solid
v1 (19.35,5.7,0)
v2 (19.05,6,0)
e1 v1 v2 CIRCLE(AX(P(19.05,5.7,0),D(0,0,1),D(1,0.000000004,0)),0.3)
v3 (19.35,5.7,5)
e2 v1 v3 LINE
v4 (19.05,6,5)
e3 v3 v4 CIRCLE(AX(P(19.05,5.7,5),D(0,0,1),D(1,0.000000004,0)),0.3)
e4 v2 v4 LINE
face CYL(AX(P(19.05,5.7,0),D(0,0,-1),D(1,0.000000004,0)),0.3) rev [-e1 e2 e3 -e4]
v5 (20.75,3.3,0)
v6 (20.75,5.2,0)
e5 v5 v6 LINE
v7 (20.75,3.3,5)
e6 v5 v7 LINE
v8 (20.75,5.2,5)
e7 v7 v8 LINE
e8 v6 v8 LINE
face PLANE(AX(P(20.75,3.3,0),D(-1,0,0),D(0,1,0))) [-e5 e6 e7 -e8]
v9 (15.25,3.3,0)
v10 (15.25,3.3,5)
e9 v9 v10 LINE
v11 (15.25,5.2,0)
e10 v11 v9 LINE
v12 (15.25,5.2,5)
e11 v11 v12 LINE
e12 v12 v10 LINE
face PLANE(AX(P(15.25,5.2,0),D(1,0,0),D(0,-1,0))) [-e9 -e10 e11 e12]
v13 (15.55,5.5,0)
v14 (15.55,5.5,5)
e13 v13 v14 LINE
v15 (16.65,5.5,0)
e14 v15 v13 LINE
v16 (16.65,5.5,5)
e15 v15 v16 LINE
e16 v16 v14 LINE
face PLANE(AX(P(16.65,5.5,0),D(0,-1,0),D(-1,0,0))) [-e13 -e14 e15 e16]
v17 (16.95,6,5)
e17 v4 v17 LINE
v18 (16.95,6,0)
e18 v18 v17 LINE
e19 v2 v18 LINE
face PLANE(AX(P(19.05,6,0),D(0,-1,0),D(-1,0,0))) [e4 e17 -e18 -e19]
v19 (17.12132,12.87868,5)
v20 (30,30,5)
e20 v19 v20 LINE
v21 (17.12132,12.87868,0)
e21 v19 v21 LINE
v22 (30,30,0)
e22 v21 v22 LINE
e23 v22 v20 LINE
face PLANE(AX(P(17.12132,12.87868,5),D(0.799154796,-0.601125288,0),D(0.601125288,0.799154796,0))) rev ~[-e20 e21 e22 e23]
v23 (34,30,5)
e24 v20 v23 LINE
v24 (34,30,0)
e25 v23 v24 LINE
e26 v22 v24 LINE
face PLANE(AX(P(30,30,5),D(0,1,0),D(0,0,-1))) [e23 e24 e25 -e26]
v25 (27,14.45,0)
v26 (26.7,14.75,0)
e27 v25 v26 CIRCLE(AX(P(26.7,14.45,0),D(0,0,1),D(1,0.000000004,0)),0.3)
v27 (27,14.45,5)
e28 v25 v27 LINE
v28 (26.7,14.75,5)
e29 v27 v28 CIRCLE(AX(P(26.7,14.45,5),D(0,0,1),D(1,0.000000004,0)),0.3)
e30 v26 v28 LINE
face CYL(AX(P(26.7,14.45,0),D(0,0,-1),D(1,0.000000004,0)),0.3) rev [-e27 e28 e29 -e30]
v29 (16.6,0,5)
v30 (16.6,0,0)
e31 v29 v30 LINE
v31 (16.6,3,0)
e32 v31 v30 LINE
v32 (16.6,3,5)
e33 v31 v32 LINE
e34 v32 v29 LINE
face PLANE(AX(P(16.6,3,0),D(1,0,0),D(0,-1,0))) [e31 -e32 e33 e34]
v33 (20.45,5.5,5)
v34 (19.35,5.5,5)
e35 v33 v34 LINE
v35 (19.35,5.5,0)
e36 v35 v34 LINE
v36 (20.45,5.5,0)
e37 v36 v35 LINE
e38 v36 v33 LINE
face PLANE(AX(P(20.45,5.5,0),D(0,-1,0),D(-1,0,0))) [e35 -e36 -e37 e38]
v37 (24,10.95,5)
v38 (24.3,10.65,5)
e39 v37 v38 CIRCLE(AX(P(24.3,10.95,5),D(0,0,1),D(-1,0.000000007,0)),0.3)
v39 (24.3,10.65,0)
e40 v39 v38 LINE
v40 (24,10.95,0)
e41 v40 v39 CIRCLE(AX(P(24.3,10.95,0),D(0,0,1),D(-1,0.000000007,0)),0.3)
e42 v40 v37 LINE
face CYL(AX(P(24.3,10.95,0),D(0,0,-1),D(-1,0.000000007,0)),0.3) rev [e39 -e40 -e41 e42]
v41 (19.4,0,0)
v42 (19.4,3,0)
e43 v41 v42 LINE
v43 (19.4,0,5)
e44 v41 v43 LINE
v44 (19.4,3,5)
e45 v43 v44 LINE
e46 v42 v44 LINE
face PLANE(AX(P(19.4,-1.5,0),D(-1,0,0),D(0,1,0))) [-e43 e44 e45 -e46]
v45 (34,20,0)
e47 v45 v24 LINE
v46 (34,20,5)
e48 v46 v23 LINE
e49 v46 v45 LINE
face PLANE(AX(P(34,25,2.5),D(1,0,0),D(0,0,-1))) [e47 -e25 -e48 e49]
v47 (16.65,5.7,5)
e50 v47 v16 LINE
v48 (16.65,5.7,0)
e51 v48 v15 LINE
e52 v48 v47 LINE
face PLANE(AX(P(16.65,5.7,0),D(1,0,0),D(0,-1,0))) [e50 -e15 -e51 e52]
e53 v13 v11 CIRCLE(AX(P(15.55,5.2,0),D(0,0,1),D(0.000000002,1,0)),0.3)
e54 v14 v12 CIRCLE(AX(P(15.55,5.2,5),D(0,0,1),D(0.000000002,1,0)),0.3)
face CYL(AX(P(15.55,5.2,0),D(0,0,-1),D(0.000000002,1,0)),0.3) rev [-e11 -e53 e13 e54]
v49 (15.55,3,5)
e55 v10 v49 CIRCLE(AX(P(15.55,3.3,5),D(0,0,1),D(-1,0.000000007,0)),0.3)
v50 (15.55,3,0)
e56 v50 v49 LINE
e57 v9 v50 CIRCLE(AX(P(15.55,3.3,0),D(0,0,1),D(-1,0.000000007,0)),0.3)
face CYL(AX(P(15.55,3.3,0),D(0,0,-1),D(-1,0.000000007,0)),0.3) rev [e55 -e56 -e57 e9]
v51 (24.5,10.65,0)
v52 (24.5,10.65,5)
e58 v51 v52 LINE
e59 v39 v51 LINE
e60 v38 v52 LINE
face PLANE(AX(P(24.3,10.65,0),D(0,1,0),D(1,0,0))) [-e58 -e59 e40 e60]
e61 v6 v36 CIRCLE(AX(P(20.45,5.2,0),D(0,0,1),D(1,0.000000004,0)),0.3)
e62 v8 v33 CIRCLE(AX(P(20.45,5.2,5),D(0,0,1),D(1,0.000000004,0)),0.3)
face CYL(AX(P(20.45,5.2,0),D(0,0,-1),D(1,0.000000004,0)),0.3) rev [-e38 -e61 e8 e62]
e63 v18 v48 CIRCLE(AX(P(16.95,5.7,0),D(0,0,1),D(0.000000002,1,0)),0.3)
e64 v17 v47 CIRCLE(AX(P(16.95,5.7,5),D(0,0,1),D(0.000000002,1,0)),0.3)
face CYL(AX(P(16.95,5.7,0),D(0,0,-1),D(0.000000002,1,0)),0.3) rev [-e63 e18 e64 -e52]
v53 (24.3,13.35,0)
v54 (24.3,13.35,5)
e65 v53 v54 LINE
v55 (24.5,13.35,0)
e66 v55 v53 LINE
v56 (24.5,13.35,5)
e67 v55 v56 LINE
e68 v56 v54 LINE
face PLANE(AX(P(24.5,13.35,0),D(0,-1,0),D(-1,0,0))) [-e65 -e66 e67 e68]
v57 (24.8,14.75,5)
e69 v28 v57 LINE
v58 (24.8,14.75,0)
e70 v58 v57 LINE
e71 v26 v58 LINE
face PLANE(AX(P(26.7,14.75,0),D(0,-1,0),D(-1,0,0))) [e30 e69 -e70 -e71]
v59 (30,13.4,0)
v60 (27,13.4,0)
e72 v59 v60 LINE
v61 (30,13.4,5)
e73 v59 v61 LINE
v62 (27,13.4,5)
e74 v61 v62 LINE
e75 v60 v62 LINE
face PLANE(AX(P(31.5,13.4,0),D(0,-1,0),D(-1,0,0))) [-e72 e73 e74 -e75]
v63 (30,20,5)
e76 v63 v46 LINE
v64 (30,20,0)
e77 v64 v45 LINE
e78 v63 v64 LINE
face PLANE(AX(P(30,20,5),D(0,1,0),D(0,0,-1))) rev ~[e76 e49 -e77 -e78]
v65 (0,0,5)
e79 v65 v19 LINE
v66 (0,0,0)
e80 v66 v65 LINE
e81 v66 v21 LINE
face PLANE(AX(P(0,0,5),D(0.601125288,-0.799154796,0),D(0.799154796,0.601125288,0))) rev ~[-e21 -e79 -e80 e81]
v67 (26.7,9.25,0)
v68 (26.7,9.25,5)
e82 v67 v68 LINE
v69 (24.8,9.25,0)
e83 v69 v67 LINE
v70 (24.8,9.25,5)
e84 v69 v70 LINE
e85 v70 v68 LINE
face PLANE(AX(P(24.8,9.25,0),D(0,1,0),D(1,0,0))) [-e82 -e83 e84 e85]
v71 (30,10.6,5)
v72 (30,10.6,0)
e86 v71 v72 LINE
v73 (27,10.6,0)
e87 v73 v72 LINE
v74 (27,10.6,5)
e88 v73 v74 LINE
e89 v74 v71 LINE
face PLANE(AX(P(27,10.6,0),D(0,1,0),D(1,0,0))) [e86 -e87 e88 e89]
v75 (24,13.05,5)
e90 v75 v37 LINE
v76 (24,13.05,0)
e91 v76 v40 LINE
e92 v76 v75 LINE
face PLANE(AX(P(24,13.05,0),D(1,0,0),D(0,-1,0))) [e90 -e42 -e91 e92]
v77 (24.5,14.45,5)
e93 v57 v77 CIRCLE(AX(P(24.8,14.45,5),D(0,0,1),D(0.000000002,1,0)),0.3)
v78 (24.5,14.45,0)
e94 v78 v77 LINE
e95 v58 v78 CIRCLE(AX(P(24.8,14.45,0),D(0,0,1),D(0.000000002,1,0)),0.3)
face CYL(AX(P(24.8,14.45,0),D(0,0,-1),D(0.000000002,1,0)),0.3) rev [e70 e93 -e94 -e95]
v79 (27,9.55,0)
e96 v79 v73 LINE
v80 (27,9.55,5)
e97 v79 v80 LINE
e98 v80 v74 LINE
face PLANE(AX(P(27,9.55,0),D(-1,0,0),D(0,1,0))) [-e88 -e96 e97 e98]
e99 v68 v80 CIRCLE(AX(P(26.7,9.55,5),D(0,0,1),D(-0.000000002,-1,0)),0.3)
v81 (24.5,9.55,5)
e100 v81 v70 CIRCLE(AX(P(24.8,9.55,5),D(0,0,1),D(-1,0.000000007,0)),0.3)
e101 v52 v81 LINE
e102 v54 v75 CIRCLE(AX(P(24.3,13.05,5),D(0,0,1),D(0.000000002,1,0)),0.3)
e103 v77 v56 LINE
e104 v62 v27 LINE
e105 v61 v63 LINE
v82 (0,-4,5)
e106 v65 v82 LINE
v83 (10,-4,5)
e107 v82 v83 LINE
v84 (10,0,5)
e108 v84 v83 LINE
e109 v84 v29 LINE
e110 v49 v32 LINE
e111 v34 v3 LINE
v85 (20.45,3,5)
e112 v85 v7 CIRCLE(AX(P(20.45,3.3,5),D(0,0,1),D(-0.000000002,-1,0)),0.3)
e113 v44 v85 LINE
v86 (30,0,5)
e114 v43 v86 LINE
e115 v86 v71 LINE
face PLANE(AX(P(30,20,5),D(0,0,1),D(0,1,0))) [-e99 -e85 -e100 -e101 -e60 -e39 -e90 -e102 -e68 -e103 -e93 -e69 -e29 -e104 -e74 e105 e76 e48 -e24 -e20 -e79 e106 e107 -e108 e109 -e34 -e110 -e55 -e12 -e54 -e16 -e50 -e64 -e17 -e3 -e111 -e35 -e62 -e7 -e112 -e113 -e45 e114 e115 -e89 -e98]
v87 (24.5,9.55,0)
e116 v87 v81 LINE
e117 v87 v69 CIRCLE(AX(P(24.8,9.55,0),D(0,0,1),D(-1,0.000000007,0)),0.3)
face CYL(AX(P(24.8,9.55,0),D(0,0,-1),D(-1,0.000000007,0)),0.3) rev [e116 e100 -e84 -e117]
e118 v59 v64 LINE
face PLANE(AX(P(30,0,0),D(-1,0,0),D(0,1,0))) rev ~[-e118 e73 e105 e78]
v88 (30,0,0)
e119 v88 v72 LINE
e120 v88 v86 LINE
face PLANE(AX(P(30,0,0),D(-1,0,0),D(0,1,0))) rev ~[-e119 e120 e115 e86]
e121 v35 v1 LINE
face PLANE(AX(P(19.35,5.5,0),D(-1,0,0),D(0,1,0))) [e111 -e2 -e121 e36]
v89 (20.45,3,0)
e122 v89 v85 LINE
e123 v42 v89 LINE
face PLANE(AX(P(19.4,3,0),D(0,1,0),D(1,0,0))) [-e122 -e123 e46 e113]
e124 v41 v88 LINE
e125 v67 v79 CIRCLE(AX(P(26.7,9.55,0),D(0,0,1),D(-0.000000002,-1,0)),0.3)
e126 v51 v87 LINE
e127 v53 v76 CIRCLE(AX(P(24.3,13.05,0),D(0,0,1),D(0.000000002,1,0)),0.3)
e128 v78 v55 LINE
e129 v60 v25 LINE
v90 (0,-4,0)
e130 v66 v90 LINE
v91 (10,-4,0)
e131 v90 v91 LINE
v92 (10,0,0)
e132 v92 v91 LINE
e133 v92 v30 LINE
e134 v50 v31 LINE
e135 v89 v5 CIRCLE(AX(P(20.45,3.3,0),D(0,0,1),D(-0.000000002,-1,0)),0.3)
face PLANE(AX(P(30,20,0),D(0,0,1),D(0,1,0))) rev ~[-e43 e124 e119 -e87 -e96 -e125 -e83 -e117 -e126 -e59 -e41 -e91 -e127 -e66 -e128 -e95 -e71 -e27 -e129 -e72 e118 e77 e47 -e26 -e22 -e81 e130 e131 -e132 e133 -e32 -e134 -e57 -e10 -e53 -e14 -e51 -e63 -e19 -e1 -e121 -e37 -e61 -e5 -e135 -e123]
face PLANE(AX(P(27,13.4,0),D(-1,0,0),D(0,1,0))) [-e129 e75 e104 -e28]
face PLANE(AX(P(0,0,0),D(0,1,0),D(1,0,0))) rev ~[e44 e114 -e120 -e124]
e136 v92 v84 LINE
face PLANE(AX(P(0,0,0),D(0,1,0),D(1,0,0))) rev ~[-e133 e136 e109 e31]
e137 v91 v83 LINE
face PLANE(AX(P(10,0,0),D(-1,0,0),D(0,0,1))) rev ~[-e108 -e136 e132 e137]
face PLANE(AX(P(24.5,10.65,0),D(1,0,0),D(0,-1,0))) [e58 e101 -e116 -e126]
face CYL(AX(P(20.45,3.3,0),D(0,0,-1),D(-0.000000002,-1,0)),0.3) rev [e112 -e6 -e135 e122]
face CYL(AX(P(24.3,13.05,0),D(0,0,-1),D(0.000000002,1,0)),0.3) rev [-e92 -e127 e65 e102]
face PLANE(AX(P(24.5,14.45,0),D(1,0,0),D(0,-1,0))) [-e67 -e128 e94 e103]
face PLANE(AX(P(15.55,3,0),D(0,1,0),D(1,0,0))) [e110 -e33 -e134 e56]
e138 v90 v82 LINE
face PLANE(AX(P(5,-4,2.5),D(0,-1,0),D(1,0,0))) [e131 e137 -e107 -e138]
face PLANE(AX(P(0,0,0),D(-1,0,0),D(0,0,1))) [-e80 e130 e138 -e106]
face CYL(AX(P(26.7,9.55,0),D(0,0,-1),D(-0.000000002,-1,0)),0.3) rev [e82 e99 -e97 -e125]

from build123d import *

# Parameters (mm, degrees)
EXTRUDE_1_DEPTH     = 5
CUT_EXTRUDE_1_DEPTH = 10
SKETCH_3_W          = 10
SKETCH_3_H          = 5
EXTRUDE_2_DEPTH     = 5
SKETCH_4_W          = 5
SKETCH_4_H          = 10
EXTRUDE_3_DEPTH     = 5
SKETCH_5_W          = 10
SKETCH_5_H          = 5
CUT_EXTRUDE_2_DEPTH = 1
SKETCH_6_W          = 5
SKETCH_6_H          = 10
CUT_EXTRUDE_3_DEPTH = 1
CUT_EXTRUDE_5_DEPTH = 5


with BuildPart() as part:
    # 草图1 → 凸台-拉伸1 (new body)
    with BuildSketch(Plane.XY):
        Polygon((0, 0), (30, 0), (30, 30), align=None)
    extrude(amount=EXTRUDE_1_DEPTH)

    # 草图2 → 切除-拉伸1 (cut)
    with BuildSketch(Plane.XY.offset(5)):
        Polygon((17.121320344, 12.878679656), (15, 15), (0, 0), align=None)
        Polygon((17.121320344, 12.878679656), (30, 30), (15, 15), align=None)
    extrude(amount=-CUT_EXTRUDE_1_DEPTH, mode=Mode.SUBTRACT)

    # 草图3 → 凸台-拉伸2 (add)
    with BuildSketch(Plane.XZ):
        with Locations((5, 2.5)):
            Rectangle(SKETCH_3_W, SKETCH_3_H)
    extrude(amount=EXTRUDE_2_DEPTH)

    # 草图4 → 凸台-拉伸3 (add)
    with BuildSketch(Plane(origin=(30, 0, 0), x_dir=(0, 0, -1), z_dir=(1, 0, 0))):
        with Locations((-2.5, 25)):
            Rectangle(SKETCH_4_W, SKETCH_4_H)
    extrude(amount=EXTRUDE_3_DEPTH)

    # 草图5 → 切除-拉伸2 (cut)
    with BuildSketch(Plane.XZ.offset(5)):
        with Locations((5, 2.5)):
            Rectangle(SKETCH_5_W, SKETCH_5_H)
    extrude(amount=-CUT_EXTRUDE_2_DEPTH, mode=Mode.SUBTRACT)

    # 草图6 → 切除-拉伸3 (cut)
    with BuildSketch(Plane(origin=(35, 0, 0), x_dir=(0, 0, -1), z_dir=(1, 0, 0))):
        with Locations((-2.5, 25)):
            Rectangle(SKETCH_6_W, SKETCH_6_H)
    extrude(amount=-CUT_EXTRUDE_3_DEPTH, mode=Mode.SUBTRACT)

    # 草图8 → 切除-拉伸5 (cut)
    with BuildSketch(Plane(origin=(-129.723125666, 239.943153128, 0), x_dir=(0, 1, 0), z_dir=(0, 0, -1))):
        with BuildLine():
            Line((-229.343153128, 156.723125666), (-229.343153128, 159.223125666))
            Line((-229.343153128, 159.223125666), (-229.343153128, 161.223125666))
            Line((-229.343153128, 161.223125666), (-226.543153128, 161.223125666))
            Line((-226.543153128, 161.223125666), (-226.543153128, 159.223125666))
            Line((-226.543153128, 159.223125666), (-226.543153128, 156.723125666))
            Line((-226.543153128, 156.723125666), (-225.493153128, 156.723125666))
            ThreePointArc((-225.493153128, 156.723125666), (-225.281021094, 156.6352577), (-225.193153128, 156.423125666))
            Line((-225.193153128, 156.423125666), (-225.193153128, 154.523125666))
            ThreePointArc((-225.193153128, 154.523125666), (-225.281021094, 154.310993631), (-225.493153128, 154.223125666))
            Line((-225.493153128, 154.223125666), (-226.593153128, 154.223125666))
            Line((-226.593153128, 154.223125666), (-226.593153128, 154.023125666))
            ThreePointArc((-226.593153128, 154.023125666), (-226.681021094, 153.810993631), (-226.893153128, 153.723125666))
            Line((-226.893153128, 153.723125666), (-228.993153128, 153.723125666))
            ThreePointArc((-228.993153128, 153.723125666), (-229.205285163, 153.810993631), (-229.293153128, 154.023125666))
            Line((-229.293153128, 154.023125666), (-229.293153128, 154.223125666))
            Line((-229.293153128, 154.223125666), (-230.393153128, 154.223125666))
            ThreePointArc((-230.393153128, 154.223125666), (-230.605285163, 154.310993631), (-230.693153128, 154.523125666))
            Line((-230.693153128, 154.523125666), (-230.693153128, 156.423125666))
            ThreePointArc((-230.693153128, 156.423125666), (-230.605285163, 156.6352577), (-230.393153128, 156.723125666))
            Line((-230.393153128, 156.723125666), (-229.343153128, 156.723125666))
        make_face()
        with BuildLine():
            Line((-239.443153128, 149.123125666), (-236.943153128, 149.123125666))
            Line((-236.943153128, 149.123125666), (-236.943153128, 150.173125666))
            ThreePointArc((-236.943153128, 150.173125666), (-236.855285163, 150.3852577), (-236.643153128, 150.473125666))
            Line((-236.643153128, 150.473125666), (-234.743153128, 150.473125666))
            ThreePointArc((-234.743153128, 150.473125666), (-234.531021094, 150.3852577), (-234.443153128, 150.173125666))
            Line((-234.443153128, 150.173125666), (-234.443153128, 149.073125666))
            Line((-234.443153128, 149.073125666), (-234.243153128, 149.073125666))
            ThreePointArc((-234.243153128, 149.073125666), (-234.031021094, 148.9852577), (-233.943153128, 148.773125666))
            Line((-233.943153128, 148.773125666), (-233.943153128, 146.673125666))
            ThreePointArc((-233.943153128, 146.673125666), (-234.031021094, 146.460993631), (-234.243153128, 146.373125666))
            Line((-234.243153128, 146.373125666), (-234.443153128, 146.373125666))
            Line((-234.443153128, 146.373125666), (-234.443153128, 145.273125666))
            ThreePointArc((-234.443153128, 145.273125666), (-234.531021094, 145.060993631), (-234.743153128, 144.973125666))
            Line((-234.743153128, 144.973125666), (-236.643153128, 144.973125666))
            ThreePointArc((-236.643153128, 144.973125666), (-236.855285163, 145.060993631), (-236.943153128, 145.273125666))
            Line((-236.943153128, 145.273125666), (-236.943153128, 146.323125666))
            Line((-236.943153128, 146.323125666), (-239.443153128, 146.323125666))
            Line((-239.443153128, 146.323125666), (-241.443153128, 146.323125666))
            Line((-241.443153128, 146.323125666), (-241.443153128, 149.123125666))
            Line((-241.443153128, 149.123125666), (-239.443153128, 149.123125666))
        make_face()
    extrude(amount=-CUT_EXTRUDE_5_DEPTH, mode=Mode.SUBTRACT)


solid = part.part
